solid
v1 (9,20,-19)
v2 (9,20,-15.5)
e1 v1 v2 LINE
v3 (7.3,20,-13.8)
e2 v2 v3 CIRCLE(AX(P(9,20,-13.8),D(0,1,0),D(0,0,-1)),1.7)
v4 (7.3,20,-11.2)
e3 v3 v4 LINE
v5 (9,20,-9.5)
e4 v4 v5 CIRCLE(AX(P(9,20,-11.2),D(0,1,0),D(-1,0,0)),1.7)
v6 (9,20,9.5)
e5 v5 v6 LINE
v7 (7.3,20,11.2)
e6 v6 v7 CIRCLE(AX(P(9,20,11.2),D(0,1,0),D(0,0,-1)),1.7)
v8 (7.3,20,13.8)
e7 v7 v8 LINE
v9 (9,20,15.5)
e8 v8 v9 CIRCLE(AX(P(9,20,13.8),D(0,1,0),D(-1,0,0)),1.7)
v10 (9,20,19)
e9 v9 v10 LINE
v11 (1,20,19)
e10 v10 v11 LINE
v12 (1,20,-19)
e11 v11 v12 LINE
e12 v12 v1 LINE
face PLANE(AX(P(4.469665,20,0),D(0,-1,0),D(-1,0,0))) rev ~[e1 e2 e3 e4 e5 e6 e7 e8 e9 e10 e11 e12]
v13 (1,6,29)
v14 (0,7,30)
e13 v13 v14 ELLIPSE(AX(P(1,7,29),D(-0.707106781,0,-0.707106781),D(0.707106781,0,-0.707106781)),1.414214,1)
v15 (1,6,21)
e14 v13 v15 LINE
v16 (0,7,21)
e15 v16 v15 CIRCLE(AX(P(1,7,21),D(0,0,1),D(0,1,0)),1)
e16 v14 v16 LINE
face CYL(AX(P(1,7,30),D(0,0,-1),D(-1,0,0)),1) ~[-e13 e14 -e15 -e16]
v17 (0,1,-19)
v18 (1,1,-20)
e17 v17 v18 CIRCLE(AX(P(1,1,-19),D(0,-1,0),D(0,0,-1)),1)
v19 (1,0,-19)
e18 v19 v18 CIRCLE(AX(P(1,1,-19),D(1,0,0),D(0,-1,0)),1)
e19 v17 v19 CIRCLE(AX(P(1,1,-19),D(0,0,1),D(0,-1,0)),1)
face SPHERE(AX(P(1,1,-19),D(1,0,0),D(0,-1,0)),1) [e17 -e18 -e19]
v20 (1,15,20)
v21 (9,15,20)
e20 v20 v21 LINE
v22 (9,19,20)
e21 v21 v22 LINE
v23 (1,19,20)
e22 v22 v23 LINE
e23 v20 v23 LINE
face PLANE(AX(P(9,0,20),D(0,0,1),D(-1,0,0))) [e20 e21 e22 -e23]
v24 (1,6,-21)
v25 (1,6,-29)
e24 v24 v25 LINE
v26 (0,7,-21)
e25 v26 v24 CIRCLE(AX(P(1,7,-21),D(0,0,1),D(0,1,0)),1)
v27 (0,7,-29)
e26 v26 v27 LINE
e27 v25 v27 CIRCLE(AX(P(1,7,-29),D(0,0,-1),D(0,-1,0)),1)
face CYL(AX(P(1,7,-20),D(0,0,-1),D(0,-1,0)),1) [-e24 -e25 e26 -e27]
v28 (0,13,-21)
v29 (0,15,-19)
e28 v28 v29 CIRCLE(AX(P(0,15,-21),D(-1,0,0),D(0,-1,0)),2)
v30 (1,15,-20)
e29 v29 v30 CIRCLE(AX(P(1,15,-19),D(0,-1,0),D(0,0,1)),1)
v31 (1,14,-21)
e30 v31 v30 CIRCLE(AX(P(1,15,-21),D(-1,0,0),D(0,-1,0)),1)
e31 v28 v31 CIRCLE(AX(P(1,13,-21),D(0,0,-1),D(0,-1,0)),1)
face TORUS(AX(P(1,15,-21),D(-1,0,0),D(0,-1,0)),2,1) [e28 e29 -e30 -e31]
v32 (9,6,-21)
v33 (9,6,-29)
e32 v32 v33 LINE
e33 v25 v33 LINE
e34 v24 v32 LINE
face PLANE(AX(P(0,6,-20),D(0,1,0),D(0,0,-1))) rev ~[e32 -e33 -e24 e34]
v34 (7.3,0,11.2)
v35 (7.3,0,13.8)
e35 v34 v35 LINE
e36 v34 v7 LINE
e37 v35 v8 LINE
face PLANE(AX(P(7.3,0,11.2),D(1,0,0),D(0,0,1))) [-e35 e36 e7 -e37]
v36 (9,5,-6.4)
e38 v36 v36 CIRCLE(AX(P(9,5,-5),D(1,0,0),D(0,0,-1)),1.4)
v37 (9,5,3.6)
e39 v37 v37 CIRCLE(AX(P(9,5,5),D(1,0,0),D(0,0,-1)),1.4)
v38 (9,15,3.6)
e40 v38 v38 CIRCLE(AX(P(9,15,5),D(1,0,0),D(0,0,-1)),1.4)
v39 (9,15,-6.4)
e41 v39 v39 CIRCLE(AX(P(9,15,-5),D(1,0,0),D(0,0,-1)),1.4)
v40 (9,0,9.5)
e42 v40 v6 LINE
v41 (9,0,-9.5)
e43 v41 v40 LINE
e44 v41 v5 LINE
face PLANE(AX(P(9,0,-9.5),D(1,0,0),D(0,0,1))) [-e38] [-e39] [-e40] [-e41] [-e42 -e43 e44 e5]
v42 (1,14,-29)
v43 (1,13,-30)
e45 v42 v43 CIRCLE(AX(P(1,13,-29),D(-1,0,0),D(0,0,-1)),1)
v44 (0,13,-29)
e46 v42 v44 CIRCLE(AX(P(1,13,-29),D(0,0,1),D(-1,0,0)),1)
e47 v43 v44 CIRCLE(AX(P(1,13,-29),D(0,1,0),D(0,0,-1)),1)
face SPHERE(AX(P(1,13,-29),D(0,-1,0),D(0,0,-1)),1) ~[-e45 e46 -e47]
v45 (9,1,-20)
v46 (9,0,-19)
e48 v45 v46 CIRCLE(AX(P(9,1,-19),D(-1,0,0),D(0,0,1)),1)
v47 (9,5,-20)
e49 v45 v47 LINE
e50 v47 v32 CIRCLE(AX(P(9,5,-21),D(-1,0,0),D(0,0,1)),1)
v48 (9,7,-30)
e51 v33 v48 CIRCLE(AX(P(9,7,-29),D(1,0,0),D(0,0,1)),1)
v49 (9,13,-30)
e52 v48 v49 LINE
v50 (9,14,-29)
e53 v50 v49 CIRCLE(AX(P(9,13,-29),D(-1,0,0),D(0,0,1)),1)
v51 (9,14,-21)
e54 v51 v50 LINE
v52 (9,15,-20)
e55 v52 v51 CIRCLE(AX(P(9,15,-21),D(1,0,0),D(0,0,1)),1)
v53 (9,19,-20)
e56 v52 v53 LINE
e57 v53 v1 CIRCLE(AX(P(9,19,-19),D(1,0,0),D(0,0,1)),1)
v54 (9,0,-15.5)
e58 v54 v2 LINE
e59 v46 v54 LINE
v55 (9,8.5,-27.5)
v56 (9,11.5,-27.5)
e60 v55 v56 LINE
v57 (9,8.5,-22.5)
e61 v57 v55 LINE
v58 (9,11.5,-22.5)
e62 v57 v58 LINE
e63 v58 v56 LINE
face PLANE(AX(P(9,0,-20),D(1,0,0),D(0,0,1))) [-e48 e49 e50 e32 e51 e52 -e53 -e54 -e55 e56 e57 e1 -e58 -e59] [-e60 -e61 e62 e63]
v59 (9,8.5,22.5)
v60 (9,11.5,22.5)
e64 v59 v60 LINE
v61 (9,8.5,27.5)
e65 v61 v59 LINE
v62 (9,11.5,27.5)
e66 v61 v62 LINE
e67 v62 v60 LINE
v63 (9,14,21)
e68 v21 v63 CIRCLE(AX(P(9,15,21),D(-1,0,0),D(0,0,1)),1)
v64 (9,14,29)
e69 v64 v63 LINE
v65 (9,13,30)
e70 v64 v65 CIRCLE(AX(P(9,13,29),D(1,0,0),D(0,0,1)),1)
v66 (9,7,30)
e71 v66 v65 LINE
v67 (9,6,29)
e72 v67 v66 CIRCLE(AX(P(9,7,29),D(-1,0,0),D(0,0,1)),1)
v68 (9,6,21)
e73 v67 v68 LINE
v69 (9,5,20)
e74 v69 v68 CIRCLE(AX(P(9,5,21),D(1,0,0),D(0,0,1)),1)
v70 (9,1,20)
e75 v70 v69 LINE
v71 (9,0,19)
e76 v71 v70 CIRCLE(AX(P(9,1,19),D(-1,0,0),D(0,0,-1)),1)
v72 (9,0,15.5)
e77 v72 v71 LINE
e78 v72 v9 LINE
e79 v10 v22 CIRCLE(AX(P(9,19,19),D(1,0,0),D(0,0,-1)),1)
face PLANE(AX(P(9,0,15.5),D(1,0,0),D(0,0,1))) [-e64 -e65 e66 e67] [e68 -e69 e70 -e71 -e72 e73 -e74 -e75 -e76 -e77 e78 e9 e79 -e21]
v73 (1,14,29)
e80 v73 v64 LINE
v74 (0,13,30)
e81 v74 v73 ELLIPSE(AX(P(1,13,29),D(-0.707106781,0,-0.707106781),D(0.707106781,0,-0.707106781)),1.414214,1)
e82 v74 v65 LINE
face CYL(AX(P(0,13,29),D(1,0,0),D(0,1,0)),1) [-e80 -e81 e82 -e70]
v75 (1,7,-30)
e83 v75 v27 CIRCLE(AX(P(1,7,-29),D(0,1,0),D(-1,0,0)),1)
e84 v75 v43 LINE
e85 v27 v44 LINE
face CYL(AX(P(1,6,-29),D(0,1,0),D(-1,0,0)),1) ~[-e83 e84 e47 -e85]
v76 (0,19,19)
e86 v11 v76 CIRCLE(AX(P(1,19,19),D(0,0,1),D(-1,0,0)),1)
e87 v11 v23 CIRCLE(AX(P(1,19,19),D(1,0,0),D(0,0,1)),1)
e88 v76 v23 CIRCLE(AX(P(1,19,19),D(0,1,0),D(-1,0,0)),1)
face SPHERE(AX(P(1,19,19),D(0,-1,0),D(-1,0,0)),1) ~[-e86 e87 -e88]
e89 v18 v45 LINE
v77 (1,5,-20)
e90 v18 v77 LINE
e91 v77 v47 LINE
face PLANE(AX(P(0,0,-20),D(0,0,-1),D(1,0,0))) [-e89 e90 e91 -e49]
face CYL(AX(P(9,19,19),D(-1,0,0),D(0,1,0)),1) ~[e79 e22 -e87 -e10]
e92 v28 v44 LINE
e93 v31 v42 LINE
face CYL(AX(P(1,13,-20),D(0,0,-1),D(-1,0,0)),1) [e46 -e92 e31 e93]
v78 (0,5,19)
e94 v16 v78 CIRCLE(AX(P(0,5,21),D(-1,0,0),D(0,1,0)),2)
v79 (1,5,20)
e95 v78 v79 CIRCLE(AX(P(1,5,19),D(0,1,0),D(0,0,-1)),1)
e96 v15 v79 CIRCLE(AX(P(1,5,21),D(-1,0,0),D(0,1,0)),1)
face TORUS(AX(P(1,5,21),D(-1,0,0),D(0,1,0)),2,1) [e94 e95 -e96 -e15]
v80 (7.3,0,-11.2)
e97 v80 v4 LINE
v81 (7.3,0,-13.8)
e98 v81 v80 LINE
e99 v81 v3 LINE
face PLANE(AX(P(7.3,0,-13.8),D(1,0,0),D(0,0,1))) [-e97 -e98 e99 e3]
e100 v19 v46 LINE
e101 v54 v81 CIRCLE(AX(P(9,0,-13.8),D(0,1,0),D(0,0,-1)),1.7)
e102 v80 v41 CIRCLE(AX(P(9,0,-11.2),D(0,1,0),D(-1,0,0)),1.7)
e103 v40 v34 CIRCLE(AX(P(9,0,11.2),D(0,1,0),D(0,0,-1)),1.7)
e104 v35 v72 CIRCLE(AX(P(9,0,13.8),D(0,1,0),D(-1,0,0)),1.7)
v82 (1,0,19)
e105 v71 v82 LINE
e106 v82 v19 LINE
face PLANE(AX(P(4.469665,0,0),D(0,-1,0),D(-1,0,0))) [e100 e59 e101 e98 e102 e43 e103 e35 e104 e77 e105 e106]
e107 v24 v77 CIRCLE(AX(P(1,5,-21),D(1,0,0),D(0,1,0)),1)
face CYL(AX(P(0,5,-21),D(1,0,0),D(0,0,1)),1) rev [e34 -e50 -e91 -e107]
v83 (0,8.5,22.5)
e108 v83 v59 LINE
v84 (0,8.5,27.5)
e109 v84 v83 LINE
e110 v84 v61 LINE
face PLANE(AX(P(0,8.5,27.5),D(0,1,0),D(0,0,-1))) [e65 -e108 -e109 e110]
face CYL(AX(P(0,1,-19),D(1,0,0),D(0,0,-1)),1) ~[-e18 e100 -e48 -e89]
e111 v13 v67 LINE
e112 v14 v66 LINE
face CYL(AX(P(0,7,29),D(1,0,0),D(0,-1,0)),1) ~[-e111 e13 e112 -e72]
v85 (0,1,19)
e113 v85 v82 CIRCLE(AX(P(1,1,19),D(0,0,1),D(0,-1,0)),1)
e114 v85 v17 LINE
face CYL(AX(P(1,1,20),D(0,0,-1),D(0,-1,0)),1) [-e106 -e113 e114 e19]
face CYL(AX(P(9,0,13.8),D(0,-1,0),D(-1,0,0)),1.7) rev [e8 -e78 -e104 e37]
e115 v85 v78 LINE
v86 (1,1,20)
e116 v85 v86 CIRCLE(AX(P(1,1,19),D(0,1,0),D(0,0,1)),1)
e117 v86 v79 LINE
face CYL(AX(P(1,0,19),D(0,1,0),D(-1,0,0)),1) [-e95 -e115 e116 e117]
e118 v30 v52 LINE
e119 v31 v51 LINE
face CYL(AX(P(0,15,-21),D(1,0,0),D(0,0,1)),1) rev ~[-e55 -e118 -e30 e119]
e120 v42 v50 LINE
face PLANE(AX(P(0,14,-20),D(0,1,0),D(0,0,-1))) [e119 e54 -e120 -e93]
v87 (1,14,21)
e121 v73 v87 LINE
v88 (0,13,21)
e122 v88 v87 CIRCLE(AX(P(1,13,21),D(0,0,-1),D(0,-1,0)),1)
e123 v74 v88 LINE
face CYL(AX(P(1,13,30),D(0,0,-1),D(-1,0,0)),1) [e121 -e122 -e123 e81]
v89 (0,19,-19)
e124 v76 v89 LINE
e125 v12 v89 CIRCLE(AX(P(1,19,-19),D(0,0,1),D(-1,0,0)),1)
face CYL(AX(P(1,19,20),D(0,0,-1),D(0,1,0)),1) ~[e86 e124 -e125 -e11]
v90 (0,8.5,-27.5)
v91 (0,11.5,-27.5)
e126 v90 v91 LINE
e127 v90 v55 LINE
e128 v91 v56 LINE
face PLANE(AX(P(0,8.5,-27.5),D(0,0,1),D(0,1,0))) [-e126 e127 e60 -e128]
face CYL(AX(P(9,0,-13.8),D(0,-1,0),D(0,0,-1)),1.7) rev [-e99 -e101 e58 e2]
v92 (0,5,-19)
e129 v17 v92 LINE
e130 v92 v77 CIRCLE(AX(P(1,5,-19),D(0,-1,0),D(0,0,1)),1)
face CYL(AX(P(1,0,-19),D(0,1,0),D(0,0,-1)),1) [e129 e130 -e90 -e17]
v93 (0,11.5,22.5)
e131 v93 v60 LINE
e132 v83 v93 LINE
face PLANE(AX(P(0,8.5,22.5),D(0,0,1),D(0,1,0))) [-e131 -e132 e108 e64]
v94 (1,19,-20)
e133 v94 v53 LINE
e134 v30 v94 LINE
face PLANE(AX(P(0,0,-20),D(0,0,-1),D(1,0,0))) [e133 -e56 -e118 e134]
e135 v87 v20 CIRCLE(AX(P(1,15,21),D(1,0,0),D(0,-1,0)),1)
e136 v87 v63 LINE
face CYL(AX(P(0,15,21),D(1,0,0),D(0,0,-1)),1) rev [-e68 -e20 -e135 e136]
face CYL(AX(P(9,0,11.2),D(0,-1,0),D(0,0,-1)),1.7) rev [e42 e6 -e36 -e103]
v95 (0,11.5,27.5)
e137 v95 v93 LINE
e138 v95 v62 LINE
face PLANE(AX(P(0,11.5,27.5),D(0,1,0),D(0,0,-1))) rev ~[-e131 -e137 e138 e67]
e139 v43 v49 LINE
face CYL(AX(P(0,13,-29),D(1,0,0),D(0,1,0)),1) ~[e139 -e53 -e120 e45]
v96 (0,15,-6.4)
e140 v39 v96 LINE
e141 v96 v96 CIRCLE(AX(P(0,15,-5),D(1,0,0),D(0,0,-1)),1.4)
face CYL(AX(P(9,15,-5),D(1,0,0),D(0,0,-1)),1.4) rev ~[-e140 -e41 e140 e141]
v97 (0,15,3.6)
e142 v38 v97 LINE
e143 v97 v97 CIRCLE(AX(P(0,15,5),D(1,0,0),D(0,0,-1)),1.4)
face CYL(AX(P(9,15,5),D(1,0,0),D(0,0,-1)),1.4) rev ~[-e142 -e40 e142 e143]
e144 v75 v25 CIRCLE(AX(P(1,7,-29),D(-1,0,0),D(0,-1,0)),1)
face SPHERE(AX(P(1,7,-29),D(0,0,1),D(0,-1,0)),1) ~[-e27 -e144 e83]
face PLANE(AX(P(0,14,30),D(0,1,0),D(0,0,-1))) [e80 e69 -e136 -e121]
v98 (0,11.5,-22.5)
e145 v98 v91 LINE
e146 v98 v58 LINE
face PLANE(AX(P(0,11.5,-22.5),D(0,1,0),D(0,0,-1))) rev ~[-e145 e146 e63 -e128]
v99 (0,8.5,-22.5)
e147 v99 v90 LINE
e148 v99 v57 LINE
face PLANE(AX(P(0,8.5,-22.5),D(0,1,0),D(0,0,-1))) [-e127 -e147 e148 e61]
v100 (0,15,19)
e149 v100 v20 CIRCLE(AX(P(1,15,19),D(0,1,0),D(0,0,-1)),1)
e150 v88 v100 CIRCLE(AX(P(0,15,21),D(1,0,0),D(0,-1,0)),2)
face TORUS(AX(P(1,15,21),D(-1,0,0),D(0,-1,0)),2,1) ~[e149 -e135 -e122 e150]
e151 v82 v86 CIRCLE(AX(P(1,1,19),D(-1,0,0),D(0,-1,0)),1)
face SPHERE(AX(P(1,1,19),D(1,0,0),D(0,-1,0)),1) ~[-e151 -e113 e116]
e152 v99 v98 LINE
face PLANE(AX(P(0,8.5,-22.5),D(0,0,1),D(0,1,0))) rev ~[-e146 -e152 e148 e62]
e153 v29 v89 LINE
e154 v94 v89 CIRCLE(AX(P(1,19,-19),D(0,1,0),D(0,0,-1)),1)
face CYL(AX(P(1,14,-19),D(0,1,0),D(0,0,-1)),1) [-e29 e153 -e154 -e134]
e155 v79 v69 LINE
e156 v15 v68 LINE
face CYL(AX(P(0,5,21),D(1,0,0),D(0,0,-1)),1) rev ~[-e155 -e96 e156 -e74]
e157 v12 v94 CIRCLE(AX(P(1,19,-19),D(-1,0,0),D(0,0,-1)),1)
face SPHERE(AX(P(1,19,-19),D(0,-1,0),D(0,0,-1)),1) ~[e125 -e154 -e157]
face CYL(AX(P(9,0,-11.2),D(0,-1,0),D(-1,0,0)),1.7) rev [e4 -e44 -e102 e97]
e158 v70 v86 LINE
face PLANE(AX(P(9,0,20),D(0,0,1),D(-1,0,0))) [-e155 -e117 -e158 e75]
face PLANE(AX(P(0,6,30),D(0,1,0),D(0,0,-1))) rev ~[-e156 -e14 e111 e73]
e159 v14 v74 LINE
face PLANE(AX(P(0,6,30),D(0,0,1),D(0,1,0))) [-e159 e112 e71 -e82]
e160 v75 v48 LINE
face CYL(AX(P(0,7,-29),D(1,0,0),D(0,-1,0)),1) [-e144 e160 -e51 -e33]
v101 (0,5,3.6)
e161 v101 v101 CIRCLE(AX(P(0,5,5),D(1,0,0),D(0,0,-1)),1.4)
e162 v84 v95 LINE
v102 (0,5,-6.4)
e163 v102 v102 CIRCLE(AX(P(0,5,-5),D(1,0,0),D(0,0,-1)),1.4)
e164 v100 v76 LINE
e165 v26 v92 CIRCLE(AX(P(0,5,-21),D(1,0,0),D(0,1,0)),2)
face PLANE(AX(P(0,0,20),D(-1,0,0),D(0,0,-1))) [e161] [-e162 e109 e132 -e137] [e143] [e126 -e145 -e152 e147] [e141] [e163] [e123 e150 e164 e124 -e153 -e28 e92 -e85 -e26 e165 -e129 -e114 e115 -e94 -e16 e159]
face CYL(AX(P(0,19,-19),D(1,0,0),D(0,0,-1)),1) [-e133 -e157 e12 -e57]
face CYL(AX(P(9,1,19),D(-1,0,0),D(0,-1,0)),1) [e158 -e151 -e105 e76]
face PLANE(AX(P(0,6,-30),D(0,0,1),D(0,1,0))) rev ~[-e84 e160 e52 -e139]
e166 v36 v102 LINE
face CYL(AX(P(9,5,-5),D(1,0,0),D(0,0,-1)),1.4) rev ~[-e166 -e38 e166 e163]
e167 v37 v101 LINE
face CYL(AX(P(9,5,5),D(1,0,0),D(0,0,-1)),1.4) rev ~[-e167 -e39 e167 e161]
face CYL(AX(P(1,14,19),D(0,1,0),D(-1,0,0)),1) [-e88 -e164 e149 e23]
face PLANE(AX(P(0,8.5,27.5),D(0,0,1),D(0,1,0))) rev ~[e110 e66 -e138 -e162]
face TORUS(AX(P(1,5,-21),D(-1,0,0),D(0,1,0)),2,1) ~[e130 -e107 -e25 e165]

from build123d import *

# Parameters (mm, degrees)
BASE_DEPTH           = 20
SKETCH2_R            = 1.4
SCREW_HOLES_DEPTH    = 30.681644159
SKETCH3_W            = 10
SKETCH3_H            = 8
SKETCH3_W_2          = 5
SKETCH3_H_2          = 3
ZIP_TIE_SLOTS_DEPTH  = 9
F_1MM_EDGE_FILLETS_R = 1


with BuildPart() as part:
    # Sketch1 → Base (new body)
    with BuildSketch(Plane(origin=(0, 0, 0), x_dir=(1, 0, 0), z_dir=(0, 1, 0))):
        with BuildLine():
            Line((9, 20), (9, 15.5))
            ThreePointArc((9, 15.5), (7.797918472, 15.002081528), (7.3, 13.8))
            Line((7.3, 13.8), (7.3, 11.2))
            ThreePointArc((7.3, 11.2), (7.797918472, 9.997918472), (9, 9.5))
            Line((9, 9.5), (9, -9.5))
            ThreePointArc((9, -9.5), (7.797918472, -9.997918472), (7.3, -11.2))
            Line((7.3, -11.2), (7.3, -13.8))
            ThreePointArc((7.3, -13.8), (7.797918472, -15.002081528), (9, -15.5))
            Line((9, -15.5), (9, -20))
            Line((9, -20), (0, -20))
            Line((0, -20), (0, 20))
            Line((0, 20), (9, 20))
        make_face()
    extrude(amount=BASE_DEPTH)

    # Sketch2 → Screw Holes (cut, through all)
    with BuildSketch(Plane(origin=(9, 0, 0), x_dir=(0, 0, -1), z_dir=(1, 0, 0))):
        with Locations((-5, 15)):
            Circle(SKETCH2_R)
        with Locations((5, 15)):
            Circle(SKETCH2_R)
        with Locations((5, 5)):
            Circle(SKETCH2_R)
        with Locations((-5, 5)):
            Circle(SKETCH2_R)
    extrude(amount=-SCREW_HOLES_DEPTH, mode=Mode.SUBTRACT)

    # Sketch3 → Zip Tie Slots (add)
    # profile 1 of 2: a face of its own
    with BuildSketch(Plane(origin=(0, 0, 0), x_dir=(0, 0, -1), z_dir=(1, 0, 0))):
        with Locations((-25, 10)):
            Rectangle(SKETCH3_W, SKETCH3_H)
        with Locations((-25, 10)):
            Rectangle(SKETCH3_W_2, SKETCH3_H_2, mode=Mode.SUBTRACT)
    # profile 2 of 2: a face of its own
    with BuildSketch(Plane(origin=(0, 0, 0), x_dir=(0, 0, -1), z_dir=(1, 0, 0))):
        with Locations((25, 10)):
            Rectangle(SKETCH3_W, SKETCH3_H)
        with Locations((25, 10)):
            Rectangle(SKETCH3_W_2, SKETCH3_H_2, mode=Mode.SUBTRACT)
    extrude(amount=ZIP_TIE_SLOTS_DEPTH)

    # 1mm Edge Fillets
    f_1mm_edge_fillets_edges = [part.edges().sort_by_distance(p)[0] for p in [
        (4.5, 0, -20),
        (4.5, 0, 20),
        (0, 0, 0),
        (0, 17, -20),
        (0, 17, 20),
        (4.5, 20, -20),
        (0, 20, 0),
        (0, 3, 20),
        (4.5, 6, 20),
        (4.5, 14, 20),
        (0, 14, 25),
        (4.5, 14, 30),
        (4.5, 6, 30),
        (0, 6, 25),
        (0, 3, -20),
        (4.5, 14, -20),
        (4.5, 6, -20),
        (0, 6, -25),
        (4.5, 6, -30),
        (0, 10, -30),
        (4.5, 14, -30),
        (0, 14, -25),
        (4.5, 20, 20),
    ]]
    fillet(f_1mm_edge_fillets_edges, radius=F_1MM_EDGE_FILLETS_R)


solid = part.part
